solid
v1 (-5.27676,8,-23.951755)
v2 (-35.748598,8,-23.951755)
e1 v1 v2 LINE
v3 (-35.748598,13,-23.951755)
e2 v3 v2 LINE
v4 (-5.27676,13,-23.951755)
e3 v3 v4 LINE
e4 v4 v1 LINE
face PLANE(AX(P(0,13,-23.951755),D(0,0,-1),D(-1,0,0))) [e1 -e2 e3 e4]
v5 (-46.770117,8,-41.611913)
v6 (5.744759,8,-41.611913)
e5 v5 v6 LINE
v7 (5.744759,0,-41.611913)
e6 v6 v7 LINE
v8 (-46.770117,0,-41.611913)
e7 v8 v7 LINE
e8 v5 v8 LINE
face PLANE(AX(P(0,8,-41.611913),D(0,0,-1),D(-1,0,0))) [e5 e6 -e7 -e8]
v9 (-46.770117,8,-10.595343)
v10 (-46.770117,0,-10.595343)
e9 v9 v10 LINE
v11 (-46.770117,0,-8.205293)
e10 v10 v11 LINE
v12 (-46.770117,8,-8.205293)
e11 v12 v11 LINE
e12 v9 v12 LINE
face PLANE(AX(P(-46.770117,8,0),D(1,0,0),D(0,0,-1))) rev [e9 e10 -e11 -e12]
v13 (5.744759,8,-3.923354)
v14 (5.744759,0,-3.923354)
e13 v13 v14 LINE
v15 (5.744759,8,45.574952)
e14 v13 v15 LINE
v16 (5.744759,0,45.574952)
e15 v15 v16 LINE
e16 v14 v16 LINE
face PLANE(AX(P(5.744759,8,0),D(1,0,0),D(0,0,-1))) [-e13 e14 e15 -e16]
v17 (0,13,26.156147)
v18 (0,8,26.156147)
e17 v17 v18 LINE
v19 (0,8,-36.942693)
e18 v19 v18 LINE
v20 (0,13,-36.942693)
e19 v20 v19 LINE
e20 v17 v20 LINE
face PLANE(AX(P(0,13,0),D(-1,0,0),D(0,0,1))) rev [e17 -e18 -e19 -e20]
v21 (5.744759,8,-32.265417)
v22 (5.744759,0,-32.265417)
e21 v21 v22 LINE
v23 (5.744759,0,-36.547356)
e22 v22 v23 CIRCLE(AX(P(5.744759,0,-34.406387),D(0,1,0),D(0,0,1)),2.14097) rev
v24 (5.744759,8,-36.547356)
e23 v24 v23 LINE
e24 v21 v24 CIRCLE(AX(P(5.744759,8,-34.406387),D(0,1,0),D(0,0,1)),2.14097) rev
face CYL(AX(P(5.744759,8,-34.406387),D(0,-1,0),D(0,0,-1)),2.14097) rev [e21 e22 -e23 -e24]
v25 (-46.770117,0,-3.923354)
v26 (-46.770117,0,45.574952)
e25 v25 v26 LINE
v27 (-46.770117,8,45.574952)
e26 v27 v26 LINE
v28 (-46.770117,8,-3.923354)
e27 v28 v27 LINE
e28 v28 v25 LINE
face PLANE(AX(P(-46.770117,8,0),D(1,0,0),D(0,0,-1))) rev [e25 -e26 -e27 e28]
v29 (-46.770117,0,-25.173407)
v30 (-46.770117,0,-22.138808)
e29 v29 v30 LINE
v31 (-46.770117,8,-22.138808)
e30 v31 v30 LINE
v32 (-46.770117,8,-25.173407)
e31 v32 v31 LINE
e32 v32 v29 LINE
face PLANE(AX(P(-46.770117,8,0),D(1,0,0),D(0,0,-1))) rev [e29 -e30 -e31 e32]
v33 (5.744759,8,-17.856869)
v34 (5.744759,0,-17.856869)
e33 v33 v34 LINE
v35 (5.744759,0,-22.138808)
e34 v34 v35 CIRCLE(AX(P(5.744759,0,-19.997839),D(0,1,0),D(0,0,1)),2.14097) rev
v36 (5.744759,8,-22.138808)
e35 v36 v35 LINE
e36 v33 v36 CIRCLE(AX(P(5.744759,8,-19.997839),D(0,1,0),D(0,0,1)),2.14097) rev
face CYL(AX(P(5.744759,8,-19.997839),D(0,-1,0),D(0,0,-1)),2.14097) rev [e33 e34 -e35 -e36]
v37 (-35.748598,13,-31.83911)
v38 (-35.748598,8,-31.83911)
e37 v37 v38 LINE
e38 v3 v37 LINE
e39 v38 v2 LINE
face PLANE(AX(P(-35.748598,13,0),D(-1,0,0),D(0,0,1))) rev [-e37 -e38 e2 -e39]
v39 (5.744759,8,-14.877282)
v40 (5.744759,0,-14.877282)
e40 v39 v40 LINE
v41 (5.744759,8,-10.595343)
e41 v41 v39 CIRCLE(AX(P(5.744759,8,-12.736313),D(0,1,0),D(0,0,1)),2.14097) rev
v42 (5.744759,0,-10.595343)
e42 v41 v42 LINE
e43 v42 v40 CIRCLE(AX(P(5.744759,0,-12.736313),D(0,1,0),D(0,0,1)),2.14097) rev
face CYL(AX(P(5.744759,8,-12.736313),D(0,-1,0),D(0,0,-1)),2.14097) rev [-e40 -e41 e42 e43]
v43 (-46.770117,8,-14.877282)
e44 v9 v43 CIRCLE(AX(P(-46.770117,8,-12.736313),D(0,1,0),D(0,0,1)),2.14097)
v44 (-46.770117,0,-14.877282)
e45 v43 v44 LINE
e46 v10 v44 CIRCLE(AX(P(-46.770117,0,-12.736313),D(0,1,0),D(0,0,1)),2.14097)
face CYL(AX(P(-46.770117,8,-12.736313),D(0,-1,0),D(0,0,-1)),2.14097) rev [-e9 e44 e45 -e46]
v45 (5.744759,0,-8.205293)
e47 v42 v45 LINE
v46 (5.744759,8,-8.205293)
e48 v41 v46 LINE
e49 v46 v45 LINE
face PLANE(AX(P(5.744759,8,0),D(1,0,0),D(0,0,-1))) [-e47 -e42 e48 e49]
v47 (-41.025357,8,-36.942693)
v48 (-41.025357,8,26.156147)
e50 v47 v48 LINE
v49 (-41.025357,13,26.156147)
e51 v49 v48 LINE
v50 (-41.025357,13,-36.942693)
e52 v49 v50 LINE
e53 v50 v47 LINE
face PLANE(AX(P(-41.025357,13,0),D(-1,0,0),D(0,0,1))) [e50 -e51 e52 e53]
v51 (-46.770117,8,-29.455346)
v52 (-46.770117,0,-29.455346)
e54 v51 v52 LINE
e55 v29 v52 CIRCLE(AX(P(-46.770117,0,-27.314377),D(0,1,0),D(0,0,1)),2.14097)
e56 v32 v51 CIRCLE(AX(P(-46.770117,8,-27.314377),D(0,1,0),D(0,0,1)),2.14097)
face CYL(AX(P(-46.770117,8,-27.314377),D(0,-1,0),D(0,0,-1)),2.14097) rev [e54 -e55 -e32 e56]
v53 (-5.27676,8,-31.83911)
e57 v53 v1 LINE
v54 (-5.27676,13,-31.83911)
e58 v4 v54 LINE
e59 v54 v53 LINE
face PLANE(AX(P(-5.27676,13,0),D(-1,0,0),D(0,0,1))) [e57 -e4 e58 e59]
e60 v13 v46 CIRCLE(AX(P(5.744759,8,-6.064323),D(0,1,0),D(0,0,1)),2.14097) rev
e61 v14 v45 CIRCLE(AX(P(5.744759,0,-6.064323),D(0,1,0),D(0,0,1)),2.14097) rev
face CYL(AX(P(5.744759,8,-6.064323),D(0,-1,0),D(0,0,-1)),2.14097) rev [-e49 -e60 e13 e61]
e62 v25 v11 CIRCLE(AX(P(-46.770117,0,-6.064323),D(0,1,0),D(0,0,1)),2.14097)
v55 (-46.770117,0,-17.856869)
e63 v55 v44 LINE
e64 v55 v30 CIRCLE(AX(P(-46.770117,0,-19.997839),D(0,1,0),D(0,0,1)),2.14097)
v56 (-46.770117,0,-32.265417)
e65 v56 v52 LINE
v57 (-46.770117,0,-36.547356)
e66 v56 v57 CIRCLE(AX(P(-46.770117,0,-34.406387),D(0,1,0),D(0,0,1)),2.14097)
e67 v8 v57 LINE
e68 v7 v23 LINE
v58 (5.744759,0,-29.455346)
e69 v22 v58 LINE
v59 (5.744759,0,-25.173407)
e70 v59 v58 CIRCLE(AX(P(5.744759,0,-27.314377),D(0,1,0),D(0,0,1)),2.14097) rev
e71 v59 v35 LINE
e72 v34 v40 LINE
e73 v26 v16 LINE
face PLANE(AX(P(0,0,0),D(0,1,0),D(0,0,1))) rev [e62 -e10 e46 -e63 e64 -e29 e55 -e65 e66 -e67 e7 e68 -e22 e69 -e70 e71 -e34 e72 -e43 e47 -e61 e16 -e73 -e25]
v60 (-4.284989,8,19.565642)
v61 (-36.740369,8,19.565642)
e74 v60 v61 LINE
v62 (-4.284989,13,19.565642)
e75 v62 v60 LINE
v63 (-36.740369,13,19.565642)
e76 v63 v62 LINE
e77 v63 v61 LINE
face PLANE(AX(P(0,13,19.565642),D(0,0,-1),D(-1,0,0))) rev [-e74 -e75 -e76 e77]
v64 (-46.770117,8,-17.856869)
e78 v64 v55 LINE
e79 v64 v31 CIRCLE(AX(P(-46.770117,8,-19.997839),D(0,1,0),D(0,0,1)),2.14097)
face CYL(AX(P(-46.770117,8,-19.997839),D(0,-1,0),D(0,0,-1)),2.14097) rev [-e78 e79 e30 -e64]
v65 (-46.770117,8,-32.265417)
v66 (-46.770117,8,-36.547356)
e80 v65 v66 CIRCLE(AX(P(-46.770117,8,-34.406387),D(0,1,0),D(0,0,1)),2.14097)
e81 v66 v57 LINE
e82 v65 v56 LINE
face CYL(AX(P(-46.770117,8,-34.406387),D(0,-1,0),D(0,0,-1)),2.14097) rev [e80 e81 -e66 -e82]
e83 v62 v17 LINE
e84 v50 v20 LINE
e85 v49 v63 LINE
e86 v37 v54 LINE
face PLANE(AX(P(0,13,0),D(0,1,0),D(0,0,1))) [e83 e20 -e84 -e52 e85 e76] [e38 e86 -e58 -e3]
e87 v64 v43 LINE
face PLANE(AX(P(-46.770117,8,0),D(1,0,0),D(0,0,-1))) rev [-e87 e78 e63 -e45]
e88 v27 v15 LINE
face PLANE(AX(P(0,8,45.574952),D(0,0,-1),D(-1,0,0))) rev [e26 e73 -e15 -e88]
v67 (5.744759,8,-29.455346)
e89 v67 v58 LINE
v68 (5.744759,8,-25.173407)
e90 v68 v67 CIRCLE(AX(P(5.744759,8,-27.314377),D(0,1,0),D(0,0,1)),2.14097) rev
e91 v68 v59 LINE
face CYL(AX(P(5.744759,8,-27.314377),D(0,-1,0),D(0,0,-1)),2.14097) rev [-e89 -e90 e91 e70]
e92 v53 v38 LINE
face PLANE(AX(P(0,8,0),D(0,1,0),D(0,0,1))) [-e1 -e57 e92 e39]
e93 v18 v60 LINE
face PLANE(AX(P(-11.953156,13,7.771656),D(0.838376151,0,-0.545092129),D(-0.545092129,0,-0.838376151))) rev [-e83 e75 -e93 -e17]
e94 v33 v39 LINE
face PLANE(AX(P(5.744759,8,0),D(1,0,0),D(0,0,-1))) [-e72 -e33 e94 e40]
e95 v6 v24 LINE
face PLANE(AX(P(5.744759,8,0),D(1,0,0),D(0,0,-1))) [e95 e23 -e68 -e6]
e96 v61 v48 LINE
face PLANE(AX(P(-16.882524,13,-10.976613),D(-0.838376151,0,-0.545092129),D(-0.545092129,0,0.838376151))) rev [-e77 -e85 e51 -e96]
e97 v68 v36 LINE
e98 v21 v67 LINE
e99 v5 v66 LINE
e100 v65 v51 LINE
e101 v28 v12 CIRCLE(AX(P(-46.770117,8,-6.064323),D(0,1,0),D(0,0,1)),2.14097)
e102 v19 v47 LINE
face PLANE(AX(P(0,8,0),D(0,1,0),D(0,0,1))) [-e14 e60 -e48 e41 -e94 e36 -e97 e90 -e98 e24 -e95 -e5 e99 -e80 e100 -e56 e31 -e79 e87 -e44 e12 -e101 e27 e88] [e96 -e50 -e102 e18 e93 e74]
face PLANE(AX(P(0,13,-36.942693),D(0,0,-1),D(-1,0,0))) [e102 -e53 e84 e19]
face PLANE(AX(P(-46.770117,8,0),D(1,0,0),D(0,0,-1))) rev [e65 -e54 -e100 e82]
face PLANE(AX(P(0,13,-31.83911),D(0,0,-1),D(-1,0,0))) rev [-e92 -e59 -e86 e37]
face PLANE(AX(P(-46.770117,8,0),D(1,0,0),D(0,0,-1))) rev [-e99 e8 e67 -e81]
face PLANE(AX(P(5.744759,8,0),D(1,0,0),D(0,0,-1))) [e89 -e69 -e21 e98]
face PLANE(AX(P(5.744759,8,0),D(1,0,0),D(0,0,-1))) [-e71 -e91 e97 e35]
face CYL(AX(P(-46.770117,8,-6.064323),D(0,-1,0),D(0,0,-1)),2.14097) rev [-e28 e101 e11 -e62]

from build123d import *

# Parameters (mm, degrees)
BOSS_EXTRUDE1_DEPTH = 8
SKETCH2_W           = 30.471838297
SKETCH2_H           = 7.887355033
BOSS_EXTRUDE2_DEPTH = 13


with BuildPart() as part:
    # Sketch1 → Boss-Extrude1 (new body)
    with BuildSketch(Plane(origin=(0, 0, 0), x_dir=(1, 0, 0), z_dir=(0, 1, 0))):
        with BuildLine():
            Line((5.74475938, 41.611912647), (-46.770116697, 41.611912647))
            Line((-46.770116697, 41.611912647), (-46.770116697, 36.54735623))
            ThreePointArc((-46.770116697, 36.54735623), (-44.629147114, 34.406386647), (-46.770116697, 32.265417064))
            Line((-46.770116697, 32.265417064), (-46.770116697, 29.455346126))
            ThreePointArc((-46.770116697, 29.455346126), (-44.629147114, 27.314376543), (-46.770116697, 25.173406959))
            Line((-46.770116697, 25.173406959), (-46.770116697, 22.138808466))
            ThreePointArc((-46.770116697, 22.138808466), (-44.629147114, 19.997838883), (-46.770116697, 17.8568693))
            Line((-46.770116697, 17.8568693), (-46.770116697, 14.877282368))
            ThreePointArc((-46.770116697, 14.877282368), (-44.629147114, 12.736312785), (-46.770116697, 10.595343202))
            Line((-46.770116697, 10.595343202), (-46.770116697, 8.20529307))
            ThreePointArc((-46.770116697, 8.20529307), (-44.629147114, 6.064323487), (-46.770116697, 3.923353904))
            Line((-46.770116697, 3.923353904), (-46.770116697, -45.574951946))
            Line((-46.770116697, -45.574951946), (5.74475938, -45.574951946))
            Line((5.74475938, -45.574951946), (5.74475938, 3.923353904))
            ThreePointArc((5.74475938, 3.923353904), (3.603789797, 6.064323487), (5.74475938, 8.20529307))
            Line((5.74475938, 8.20529307), (5.74475938, 10.595343202))
            ThreePointArc((5.74475938, 10.595343202), (3.603789797, 12.736312785), (5.74475938, 14.877282368))
            Line((5.74475938, 14.877282368), (5.74475938, 17.8568693))
            ThreePointArc((5.74475938, 17.8568693), (3.603789797, 19.997838883), (5.74475938, 22.138808466))
            Line((5.74475938, 22.138808466), (5.74475938, 25.173406959))
            ThreePointArc((5.74475938, 25.173406959), (3.603789797, 27.314376543), (5.74475938, 29.455346126))
            Line((5.74475938, 29.455346126), (5.74475938, 32.265417064))
            ThreePointArc((5.74475938, 32.265417064), (3.603789797, 34.406386647), (5.74475938, 36.54735623))
            Line((5.74475938, 36.54735623), (5.74475938, 41.611912647))
        make_face()
    extrude(amount=BOSS_EXTRUDE1_DEPTH)

    # Sketch2 → Boss-Extrude2 (add)
    with BuildSketch(Plane(origin=(0, 0, 0), x_dir=(1, 0, 0), z_dir=(0, 1, 0))):
        Polygon((-41.025357317, 36.942692964), (-41.025357317, -26.156147295), (-36.740368518, -19.565642265), (-4.284988799, -19.565642265), (0, -26.156147295), (0, 36.942692964), align=None)
        with Locations((-20.512678659, 27.89543278)):
            Rectangle(SKETCH2_W, SKETCH2_H, mode=Mode.SUBTRACT)
    extrude(amount=BOSS_EXTRUDE2_DEPTH)


solid = part.part
